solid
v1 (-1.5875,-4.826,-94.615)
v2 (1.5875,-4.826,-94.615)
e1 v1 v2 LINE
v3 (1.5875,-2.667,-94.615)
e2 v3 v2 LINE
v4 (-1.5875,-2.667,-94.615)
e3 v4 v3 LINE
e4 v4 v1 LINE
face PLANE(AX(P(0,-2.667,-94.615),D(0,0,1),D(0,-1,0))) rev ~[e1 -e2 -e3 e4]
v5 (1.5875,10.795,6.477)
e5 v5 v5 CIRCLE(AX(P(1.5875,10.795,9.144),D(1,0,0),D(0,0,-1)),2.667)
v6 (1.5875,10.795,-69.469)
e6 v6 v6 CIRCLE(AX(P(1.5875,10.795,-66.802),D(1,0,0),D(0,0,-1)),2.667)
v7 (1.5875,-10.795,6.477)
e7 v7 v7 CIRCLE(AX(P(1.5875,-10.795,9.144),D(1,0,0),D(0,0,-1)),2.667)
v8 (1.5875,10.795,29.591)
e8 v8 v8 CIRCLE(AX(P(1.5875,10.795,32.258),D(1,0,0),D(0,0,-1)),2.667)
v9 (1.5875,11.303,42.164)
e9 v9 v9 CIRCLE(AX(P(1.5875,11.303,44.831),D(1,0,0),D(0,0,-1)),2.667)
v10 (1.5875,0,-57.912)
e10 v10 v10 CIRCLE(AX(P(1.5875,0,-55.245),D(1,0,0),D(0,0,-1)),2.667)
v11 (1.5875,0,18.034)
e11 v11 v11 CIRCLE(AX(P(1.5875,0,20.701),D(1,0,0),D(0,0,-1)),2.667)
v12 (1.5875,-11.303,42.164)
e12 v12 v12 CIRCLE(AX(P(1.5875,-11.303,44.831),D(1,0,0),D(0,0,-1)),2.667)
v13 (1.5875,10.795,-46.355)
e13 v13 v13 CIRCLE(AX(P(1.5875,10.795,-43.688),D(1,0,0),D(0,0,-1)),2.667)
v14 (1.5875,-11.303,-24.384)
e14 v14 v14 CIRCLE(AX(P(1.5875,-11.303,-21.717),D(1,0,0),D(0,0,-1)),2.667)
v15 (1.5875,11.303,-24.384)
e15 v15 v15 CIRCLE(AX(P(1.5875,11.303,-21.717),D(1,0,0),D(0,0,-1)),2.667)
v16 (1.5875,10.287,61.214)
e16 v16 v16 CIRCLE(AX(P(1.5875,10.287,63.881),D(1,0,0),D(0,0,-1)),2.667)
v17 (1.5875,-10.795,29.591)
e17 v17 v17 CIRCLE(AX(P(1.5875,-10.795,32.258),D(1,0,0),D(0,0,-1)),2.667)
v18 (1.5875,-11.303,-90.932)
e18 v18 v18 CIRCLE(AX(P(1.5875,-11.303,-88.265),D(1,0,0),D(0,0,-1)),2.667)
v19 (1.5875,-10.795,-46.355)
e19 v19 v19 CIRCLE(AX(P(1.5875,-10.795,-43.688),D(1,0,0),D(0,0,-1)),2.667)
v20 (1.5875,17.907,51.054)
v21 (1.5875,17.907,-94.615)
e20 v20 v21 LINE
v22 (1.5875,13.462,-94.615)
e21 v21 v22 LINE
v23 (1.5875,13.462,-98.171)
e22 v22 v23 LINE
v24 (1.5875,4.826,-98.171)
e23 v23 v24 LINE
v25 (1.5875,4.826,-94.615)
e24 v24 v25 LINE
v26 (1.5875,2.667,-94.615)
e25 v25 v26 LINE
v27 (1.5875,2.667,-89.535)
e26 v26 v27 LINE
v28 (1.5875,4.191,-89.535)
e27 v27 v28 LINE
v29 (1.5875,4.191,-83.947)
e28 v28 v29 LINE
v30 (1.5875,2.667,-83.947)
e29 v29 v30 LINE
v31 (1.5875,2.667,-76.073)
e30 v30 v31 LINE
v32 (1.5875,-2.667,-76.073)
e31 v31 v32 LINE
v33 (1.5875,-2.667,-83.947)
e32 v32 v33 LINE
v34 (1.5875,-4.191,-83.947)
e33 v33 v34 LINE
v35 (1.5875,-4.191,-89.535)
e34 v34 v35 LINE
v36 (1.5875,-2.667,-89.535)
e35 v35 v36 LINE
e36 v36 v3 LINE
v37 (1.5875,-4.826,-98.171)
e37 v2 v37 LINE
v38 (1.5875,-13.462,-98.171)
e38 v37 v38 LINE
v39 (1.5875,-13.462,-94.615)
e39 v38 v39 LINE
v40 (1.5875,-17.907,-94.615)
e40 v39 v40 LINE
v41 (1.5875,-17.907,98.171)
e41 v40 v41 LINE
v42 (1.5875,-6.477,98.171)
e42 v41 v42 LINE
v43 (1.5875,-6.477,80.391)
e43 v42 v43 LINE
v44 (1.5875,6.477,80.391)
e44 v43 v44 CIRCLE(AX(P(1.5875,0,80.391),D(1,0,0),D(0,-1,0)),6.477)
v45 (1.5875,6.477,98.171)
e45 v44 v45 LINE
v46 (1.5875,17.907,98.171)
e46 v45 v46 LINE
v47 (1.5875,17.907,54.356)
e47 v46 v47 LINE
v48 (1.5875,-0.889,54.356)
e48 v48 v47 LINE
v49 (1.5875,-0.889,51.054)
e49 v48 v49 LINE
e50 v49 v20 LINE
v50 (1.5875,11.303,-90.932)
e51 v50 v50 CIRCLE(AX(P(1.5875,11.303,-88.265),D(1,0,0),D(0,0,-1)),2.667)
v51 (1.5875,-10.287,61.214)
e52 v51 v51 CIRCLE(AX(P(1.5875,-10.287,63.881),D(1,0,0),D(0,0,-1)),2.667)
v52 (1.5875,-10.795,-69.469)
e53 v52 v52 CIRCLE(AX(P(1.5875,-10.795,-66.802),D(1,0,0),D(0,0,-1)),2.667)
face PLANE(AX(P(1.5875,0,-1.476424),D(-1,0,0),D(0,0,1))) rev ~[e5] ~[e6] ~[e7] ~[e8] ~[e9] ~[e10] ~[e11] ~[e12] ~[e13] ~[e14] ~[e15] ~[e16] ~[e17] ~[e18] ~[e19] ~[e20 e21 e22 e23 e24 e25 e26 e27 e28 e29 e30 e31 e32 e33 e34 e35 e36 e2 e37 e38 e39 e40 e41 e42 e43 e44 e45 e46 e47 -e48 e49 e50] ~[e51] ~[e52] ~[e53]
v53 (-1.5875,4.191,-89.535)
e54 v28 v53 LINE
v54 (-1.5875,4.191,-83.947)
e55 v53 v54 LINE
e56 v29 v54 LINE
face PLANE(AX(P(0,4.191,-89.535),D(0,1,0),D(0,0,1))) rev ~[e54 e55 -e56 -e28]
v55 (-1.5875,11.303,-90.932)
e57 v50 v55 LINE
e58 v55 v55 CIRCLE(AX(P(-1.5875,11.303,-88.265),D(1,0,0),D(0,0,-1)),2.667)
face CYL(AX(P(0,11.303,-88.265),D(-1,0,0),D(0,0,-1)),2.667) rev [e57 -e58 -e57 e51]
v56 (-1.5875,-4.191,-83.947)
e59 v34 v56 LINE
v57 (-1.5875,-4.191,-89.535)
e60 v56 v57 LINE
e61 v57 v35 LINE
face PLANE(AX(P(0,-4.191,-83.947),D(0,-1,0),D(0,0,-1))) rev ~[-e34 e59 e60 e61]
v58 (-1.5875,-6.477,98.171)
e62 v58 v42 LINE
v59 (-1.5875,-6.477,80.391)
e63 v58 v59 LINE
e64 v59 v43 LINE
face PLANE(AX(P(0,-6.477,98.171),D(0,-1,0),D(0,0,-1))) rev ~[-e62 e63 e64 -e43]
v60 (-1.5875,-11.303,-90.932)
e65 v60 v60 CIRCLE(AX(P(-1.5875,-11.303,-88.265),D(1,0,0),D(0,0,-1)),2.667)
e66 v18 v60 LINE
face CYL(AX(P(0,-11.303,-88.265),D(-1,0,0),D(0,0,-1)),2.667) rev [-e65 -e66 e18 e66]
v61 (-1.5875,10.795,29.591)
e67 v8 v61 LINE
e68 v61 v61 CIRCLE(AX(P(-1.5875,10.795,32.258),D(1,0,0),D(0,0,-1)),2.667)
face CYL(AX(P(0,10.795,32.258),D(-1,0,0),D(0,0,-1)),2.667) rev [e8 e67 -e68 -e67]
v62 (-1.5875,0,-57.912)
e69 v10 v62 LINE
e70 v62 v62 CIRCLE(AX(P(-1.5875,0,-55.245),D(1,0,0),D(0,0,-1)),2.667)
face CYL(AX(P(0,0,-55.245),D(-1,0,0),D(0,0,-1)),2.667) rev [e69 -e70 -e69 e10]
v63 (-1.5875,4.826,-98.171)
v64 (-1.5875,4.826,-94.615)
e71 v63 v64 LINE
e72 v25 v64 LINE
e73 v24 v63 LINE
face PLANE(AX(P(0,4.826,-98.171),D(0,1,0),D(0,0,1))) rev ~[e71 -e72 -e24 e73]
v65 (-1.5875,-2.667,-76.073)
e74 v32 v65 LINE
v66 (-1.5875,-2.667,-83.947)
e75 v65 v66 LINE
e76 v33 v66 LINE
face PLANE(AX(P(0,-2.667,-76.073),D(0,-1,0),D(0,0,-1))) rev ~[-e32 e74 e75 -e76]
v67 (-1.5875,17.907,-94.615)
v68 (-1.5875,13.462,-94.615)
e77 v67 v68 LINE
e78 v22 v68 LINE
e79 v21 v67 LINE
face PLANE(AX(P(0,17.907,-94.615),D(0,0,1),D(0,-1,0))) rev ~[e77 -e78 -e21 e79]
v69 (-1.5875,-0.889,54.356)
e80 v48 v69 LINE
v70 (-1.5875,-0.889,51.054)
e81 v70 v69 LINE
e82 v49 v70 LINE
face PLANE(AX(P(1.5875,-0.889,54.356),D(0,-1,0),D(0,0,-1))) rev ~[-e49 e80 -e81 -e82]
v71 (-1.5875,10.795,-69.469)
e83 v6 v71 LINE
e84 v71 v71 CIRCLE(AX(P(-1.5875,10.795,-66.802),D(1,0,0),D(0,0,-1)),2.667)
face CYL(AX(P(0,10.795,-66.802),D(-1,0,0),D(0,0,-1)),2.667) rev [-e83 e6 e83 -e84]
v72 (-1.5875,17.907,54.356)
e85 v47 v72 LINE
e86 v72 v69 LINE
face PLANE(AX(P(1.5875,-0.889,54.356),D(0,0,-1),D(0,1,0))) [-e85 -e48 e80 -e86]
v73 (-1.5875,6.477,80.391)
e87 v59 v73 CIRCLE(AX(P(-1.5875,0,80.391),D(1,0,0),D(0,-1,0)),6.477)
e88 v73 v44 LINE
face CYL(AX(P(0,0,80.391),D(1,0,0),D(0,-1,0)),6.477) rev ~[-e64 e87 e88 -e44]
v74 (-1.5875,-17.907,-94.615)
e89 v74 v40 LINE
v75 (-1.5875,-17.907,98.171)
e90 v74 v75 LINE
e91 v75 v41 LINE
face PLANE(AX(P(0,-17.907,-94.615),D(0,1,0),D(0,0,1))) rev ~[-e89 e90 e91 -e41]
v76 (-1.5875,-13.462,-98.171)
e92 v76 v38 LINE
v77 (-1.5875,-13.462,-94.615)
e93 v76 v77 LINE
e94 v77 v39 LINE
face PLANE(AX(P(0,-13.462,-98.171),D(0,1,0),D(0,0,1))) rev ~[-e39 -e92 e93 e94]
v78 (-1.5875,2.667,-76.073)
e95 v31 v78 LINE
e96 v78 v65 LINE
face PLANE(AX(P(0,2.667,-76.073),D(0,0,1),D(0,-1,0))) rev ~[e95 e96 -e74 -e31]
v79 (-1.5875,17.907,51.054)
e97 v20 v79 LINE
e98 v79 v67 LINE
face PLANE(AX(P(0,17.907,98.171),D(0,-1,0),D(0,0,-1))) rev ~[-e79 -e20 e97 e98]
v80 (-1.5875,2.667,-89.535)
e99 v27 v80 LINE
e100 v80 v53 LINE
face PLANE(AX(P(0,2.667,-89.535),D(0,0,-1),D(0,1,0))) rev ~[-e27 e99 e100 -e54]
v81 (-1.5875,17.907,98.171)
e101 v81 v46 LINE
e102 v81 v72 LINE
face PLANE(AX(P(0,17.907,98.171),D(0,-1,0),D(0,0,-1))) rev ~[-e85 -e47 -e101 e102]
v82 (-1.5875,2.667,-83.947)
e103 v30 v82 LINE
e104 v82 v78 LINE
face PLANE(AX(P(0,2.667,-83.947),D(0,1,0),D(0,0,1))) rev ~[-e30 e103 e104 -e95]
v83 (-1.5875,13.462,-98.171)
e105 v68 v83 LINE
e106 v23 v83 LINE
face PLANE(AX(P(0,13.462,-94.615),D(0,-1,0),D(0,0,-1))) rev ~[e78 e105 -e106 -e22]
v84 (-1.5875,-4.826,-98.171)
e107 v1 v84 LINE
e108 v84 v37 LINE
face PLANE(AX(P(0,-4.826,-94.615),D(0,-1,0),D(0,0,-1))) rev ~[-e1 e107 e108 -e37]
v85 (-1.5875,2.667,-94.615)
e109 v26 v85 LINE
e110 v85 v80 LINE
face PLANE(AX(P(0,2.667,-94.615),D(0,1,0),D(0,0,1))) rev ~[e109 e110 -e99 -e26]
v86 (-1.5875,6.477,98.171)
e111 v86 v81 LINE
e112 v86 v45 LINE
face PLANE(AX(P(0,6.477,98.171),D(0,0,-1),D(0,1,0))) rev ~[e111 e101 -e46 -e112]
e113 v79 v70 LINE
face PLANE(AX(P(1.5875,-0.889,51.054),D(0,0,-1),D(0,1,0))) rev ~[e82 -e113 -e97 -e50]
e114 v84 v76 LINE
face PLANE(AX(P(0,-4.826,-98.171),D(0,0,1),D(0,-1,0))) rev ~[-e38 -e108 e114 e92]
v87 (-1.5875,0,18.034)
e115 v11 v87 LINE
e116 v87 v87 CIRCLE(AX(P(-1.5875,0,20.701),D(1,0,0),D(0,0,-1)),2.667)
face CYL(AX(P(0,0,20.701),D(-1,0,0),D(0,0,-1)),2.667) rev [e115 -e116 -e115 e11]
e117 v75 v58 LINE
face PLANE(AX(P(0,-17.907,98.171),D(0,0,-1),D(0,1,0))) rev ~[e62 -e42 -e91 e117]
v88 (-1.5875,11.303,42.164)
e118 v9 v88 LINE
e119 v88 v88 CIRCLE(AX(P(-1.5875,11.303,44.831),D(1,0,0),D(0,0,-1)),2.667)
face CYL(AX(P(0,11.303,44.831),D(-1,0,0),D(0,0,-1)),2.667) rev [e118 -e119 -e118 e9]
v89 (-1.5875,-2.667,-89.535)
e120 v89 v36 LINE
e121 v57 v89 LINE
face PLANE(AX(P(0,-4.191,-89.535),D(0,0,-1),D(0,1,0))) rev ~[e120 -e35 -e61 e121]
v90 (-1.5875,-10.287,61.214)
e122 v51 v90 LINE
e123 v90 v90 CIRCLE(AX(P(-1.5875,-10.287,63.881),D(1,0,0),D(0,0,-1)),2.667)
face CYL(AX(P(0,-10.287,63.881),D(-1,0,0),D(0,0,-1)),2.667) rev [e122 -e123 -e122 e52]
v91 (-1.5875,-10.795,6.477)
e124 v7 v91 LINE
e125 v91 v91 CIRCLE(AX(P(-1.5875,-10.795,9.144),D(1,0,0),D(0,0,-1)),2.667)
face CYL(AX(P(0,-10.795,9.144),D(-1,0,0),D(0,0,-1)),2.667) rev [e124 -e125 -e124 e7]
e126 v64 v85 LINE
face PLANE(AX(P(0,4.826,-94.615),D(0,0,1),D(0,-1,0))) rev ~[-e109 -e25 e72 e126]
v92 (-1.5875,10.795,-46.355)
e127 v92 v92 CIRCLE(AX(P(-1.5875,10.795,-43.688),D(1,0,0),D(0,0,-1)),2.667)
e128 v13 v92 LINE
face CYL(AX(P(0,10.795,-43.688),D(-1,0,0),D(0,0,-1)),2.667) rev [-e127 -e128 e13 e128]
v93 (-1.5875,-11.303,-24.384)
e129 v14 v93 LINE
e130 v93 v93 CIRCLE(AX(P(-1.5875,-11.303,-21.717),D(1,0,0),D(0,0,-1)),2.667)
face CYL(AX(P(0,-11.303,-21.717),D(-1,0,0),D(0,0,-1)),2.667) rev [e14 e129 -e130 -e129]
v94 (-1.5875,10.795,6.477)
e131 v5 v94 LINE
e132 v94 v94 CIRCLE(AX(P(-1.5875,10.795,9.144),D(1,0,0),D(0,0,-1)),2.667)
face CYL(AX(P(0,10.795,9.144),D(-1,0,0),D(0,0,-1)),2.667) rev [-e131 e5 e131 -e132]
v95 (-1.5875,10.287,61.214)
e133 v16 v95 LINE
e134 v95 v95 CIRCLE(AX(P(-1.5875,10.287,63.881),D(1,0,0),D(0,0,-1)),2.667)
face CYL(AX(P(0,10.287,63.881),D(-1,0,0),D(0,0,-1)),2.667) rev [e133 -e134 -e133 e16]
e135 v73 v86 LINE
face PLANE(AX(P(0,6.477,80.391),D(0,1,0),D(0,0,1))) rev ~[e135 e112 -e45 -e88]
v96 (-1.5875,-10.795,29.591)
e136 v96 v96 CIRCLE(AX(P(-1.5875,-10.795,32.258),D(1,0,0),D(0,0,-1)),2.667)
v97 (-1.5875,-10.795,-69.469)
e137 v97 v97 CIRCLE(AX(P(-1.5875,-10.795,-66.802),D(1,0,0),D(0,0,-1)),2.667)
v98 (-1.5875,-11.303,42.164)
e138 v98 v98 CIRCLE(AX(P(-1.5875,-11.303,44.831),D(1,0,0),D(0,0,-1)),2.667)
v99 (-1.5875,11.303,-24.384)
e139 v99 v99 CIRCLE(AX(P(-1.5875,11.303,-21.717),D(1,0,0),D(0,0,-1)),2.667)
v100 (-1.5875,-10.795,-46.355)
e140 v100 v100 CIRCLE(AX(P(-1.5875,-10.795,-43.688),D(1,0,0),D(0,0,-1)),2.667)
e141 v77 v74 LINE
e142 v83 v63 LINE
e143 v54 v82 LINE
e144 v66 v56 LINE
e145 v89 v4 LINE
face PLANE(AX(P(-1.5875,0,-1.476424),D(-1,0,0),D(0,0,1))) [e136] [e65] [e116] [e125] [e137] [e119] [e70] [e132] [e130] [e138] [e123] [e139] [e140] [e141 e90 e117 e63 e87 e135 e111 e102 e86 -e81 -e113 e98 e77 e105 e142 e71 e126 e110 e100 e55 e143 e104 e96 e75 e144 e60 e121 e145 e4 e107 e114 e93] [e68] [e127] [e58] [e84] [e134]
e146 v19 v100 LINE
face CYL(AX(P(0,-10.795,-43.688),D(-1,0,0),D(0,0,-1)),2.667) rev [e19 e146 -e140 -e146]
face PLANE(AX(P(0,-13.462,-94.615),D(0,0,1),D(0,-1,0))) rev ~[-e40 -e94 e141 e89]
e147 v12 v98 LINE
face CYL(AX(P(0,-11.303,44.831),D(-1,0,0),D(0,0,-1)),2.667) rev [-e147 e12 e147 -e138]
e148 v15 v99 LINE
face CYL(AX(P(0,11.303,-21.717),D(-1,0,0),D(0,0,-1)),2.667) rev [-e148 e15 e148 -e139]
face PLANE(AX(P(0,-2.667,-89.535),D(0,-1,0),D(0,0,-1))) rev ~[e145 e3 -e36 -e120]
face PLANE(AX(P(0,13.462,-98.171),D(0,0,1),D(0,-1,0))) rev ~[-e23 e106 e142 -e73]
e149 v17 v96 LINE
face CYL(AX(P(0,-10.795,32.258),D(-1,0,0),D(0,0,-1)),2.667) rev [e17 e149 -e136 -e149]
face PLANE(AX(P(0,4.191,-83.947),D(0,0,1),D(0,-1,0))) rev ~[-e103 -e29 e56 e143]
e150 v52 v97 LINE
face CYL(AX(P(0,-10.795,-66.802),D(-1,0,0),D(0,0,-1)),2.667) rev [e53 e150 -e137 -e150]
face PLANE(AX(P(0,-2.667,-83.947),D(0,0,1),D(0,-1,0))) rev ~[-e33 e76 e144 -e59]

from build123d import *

# Parameters (mm, degrees)
SKETCH1_R           = 2.667
BOSS_EXTRUDE1_DEPTH = 1.5875
SKETCH2_W           = 3.302
SKETCH2_H           = 18.796
CUT_EXTRUDE1_DEPTH  = 4.175


with BuildPart() as part:
    # Sketch1 → Boss-Extrude1 (new body, symmetric)
    with BuildSketch(Plane(origin=(0, 0, 0), x_dir=(0, 0, -1), z_dir=(1, 0, 0))):
        with BuildLine():
            Line((-98.171, 17.907), (94.615, 17.907))
            Line((94.615, 17.907), (94.615, 13.462))
            Line((94.615, 13.462), (98.171, 13.462))
            Line((98.171, 13.462), (98.171, 4.826))
            Line((98.171, 4.826), (94.615, 4.826))
            Line((94.615, 4.826), (94.615, 2.667))
            Line((94.615, 2.667), (89.535, 2.667))
            Line((89.535, 2.667), (89.535, 4.191))
            Line((89.535, 4.191), (83.947, 4.191))
            Line((83.947, 4.191), (83.947, 2.667))
            Line((83.947, 2.667), (76.073, 2.667))
            Line((76.073, 2.667), (76.073, -2.667))
            Line((76.073, -2.667), (83.947, -2.667))
            Line((83.947, -2.667), (83.947, -4.191))
            Line((83.947, -4.191), (89.535, -4.191))
            Line((89.535, -4.191), (89.535, -2.667))
            Line((89.535, -2.667), (94.615, -2.667))
            Line((94.615, -2.667), (94.615, -4.826))
            Line((94.615, -4.826), (98.171, -4.826))
            Line((98.171, -4.826), (98.171, -13.462))
            Line((98.171, -13.462), (94.615, -13.462))
            Line((94.615, -13.462), (94.615, -17.907))
            Line((94.615, -17.907), (-98.171, -17.907))
            Line((-98.171, -17.907), (-98.171, -6.477))
            Line((-98.171, -6.477), (-80.391, -6.477))
            ThreePointArc((-80.391, -6.477), (-73.914, 0), (-80.391, 6.477))
            Line((-80.391, 6.477), (-98.171, 6.477))
            Line((-98.171, 6.477), (-98.171, 17.907))
        make_face()
        with Locations((-63.881, 10.287)):
            Circle(SKETCH1_R, mode=Mode.SUBTRACT)
        with Locations((-63.881, -10.287)):
            Circle(SKETCH1_R, mode=Mode.SUBTRACT)
        with Locations((-44.831, 11.303)):
            Circle(SKETCH1_R, mode=Mode.SUBTRACT)
        with Locations((21.717, 11.303)):
            Circle(SKETCH1_R, mode=Mode.SUBTRACT)
        with Locations((88.265, 11.303)):
            Circle(SKETCH1_R, mode=Mode.SUBTRACT)
        with Locations((88.265, -11.303)):
            Circle(SKETCH1_R, mode=Mode.SUBTRACT)
        with Locations((21.717, -11.303)):
            Circle(SKETCH1_R, mode=Mode.SUBTRACT)
        with Locations((-44.831, -11.303)):
            Circle(SKETCH1_R, mode=Mode.SUBTRACT)
        with Locations((-9.144, 10.795)):
            Circle(SKETCH1_R, mode=Mode.SUBTRACT)
        with Locations((-32.258, 10.795)):
            Circle(SKETCH1_R, mode=Mode.SUBTRACT)
        with Locations((66.802, 10.795)):
            Circle(SKETCH1_R, mode=Mode.SUBTRACT)
        with Locations((43.688, 10.795)):
            Circle(SKETCH1_R, mode=Mode.SUBTRACT)
        with Locations((43.688, -10.795)):
            Circle(SKETCH1_R, mode=Mode.SUBTRACT)
        with Locations((66.802, -10.795)):
            Circle(SKETCH1_R, mode=Mode.SUBTRACT)
        with Locations((-32.258, -10.795)):
            Circle(SKETCH1_R, mode=Mode.SUBTRACT)
        with Locations((-9.144, -10.795)):
            Circle(SKETCH1_R, mode=Mode.SUBTRACT)
        with Locations((-20.701, 0)):
            Circle(SKETCH1_R, mode=Mode.SUBTRACT)
        with Locations((55.245, 0)):
            Circle(SKETCH1_R, mode=Mode.SUBTRACT)
    extrude(amount=BOSS_EXTRUDE1_DEPTH, both=True)

    # Sketch2 → Cut-Extrude1 (cut, through all)
    with BuildSketch(Plane(origin=(1.5875, 0, 0), x_dir=(0, 0, -1), z_dir=(1, 0, 0))):
        with Locations((-52.705, 8.509)):
            Rectangle(SKETCH2_W, SKETCH2_H)
    extrude(amount=-CUT_EXTRUDE1_DEPTH, mode=Mode.SUBTRACT)


solid = part.part
